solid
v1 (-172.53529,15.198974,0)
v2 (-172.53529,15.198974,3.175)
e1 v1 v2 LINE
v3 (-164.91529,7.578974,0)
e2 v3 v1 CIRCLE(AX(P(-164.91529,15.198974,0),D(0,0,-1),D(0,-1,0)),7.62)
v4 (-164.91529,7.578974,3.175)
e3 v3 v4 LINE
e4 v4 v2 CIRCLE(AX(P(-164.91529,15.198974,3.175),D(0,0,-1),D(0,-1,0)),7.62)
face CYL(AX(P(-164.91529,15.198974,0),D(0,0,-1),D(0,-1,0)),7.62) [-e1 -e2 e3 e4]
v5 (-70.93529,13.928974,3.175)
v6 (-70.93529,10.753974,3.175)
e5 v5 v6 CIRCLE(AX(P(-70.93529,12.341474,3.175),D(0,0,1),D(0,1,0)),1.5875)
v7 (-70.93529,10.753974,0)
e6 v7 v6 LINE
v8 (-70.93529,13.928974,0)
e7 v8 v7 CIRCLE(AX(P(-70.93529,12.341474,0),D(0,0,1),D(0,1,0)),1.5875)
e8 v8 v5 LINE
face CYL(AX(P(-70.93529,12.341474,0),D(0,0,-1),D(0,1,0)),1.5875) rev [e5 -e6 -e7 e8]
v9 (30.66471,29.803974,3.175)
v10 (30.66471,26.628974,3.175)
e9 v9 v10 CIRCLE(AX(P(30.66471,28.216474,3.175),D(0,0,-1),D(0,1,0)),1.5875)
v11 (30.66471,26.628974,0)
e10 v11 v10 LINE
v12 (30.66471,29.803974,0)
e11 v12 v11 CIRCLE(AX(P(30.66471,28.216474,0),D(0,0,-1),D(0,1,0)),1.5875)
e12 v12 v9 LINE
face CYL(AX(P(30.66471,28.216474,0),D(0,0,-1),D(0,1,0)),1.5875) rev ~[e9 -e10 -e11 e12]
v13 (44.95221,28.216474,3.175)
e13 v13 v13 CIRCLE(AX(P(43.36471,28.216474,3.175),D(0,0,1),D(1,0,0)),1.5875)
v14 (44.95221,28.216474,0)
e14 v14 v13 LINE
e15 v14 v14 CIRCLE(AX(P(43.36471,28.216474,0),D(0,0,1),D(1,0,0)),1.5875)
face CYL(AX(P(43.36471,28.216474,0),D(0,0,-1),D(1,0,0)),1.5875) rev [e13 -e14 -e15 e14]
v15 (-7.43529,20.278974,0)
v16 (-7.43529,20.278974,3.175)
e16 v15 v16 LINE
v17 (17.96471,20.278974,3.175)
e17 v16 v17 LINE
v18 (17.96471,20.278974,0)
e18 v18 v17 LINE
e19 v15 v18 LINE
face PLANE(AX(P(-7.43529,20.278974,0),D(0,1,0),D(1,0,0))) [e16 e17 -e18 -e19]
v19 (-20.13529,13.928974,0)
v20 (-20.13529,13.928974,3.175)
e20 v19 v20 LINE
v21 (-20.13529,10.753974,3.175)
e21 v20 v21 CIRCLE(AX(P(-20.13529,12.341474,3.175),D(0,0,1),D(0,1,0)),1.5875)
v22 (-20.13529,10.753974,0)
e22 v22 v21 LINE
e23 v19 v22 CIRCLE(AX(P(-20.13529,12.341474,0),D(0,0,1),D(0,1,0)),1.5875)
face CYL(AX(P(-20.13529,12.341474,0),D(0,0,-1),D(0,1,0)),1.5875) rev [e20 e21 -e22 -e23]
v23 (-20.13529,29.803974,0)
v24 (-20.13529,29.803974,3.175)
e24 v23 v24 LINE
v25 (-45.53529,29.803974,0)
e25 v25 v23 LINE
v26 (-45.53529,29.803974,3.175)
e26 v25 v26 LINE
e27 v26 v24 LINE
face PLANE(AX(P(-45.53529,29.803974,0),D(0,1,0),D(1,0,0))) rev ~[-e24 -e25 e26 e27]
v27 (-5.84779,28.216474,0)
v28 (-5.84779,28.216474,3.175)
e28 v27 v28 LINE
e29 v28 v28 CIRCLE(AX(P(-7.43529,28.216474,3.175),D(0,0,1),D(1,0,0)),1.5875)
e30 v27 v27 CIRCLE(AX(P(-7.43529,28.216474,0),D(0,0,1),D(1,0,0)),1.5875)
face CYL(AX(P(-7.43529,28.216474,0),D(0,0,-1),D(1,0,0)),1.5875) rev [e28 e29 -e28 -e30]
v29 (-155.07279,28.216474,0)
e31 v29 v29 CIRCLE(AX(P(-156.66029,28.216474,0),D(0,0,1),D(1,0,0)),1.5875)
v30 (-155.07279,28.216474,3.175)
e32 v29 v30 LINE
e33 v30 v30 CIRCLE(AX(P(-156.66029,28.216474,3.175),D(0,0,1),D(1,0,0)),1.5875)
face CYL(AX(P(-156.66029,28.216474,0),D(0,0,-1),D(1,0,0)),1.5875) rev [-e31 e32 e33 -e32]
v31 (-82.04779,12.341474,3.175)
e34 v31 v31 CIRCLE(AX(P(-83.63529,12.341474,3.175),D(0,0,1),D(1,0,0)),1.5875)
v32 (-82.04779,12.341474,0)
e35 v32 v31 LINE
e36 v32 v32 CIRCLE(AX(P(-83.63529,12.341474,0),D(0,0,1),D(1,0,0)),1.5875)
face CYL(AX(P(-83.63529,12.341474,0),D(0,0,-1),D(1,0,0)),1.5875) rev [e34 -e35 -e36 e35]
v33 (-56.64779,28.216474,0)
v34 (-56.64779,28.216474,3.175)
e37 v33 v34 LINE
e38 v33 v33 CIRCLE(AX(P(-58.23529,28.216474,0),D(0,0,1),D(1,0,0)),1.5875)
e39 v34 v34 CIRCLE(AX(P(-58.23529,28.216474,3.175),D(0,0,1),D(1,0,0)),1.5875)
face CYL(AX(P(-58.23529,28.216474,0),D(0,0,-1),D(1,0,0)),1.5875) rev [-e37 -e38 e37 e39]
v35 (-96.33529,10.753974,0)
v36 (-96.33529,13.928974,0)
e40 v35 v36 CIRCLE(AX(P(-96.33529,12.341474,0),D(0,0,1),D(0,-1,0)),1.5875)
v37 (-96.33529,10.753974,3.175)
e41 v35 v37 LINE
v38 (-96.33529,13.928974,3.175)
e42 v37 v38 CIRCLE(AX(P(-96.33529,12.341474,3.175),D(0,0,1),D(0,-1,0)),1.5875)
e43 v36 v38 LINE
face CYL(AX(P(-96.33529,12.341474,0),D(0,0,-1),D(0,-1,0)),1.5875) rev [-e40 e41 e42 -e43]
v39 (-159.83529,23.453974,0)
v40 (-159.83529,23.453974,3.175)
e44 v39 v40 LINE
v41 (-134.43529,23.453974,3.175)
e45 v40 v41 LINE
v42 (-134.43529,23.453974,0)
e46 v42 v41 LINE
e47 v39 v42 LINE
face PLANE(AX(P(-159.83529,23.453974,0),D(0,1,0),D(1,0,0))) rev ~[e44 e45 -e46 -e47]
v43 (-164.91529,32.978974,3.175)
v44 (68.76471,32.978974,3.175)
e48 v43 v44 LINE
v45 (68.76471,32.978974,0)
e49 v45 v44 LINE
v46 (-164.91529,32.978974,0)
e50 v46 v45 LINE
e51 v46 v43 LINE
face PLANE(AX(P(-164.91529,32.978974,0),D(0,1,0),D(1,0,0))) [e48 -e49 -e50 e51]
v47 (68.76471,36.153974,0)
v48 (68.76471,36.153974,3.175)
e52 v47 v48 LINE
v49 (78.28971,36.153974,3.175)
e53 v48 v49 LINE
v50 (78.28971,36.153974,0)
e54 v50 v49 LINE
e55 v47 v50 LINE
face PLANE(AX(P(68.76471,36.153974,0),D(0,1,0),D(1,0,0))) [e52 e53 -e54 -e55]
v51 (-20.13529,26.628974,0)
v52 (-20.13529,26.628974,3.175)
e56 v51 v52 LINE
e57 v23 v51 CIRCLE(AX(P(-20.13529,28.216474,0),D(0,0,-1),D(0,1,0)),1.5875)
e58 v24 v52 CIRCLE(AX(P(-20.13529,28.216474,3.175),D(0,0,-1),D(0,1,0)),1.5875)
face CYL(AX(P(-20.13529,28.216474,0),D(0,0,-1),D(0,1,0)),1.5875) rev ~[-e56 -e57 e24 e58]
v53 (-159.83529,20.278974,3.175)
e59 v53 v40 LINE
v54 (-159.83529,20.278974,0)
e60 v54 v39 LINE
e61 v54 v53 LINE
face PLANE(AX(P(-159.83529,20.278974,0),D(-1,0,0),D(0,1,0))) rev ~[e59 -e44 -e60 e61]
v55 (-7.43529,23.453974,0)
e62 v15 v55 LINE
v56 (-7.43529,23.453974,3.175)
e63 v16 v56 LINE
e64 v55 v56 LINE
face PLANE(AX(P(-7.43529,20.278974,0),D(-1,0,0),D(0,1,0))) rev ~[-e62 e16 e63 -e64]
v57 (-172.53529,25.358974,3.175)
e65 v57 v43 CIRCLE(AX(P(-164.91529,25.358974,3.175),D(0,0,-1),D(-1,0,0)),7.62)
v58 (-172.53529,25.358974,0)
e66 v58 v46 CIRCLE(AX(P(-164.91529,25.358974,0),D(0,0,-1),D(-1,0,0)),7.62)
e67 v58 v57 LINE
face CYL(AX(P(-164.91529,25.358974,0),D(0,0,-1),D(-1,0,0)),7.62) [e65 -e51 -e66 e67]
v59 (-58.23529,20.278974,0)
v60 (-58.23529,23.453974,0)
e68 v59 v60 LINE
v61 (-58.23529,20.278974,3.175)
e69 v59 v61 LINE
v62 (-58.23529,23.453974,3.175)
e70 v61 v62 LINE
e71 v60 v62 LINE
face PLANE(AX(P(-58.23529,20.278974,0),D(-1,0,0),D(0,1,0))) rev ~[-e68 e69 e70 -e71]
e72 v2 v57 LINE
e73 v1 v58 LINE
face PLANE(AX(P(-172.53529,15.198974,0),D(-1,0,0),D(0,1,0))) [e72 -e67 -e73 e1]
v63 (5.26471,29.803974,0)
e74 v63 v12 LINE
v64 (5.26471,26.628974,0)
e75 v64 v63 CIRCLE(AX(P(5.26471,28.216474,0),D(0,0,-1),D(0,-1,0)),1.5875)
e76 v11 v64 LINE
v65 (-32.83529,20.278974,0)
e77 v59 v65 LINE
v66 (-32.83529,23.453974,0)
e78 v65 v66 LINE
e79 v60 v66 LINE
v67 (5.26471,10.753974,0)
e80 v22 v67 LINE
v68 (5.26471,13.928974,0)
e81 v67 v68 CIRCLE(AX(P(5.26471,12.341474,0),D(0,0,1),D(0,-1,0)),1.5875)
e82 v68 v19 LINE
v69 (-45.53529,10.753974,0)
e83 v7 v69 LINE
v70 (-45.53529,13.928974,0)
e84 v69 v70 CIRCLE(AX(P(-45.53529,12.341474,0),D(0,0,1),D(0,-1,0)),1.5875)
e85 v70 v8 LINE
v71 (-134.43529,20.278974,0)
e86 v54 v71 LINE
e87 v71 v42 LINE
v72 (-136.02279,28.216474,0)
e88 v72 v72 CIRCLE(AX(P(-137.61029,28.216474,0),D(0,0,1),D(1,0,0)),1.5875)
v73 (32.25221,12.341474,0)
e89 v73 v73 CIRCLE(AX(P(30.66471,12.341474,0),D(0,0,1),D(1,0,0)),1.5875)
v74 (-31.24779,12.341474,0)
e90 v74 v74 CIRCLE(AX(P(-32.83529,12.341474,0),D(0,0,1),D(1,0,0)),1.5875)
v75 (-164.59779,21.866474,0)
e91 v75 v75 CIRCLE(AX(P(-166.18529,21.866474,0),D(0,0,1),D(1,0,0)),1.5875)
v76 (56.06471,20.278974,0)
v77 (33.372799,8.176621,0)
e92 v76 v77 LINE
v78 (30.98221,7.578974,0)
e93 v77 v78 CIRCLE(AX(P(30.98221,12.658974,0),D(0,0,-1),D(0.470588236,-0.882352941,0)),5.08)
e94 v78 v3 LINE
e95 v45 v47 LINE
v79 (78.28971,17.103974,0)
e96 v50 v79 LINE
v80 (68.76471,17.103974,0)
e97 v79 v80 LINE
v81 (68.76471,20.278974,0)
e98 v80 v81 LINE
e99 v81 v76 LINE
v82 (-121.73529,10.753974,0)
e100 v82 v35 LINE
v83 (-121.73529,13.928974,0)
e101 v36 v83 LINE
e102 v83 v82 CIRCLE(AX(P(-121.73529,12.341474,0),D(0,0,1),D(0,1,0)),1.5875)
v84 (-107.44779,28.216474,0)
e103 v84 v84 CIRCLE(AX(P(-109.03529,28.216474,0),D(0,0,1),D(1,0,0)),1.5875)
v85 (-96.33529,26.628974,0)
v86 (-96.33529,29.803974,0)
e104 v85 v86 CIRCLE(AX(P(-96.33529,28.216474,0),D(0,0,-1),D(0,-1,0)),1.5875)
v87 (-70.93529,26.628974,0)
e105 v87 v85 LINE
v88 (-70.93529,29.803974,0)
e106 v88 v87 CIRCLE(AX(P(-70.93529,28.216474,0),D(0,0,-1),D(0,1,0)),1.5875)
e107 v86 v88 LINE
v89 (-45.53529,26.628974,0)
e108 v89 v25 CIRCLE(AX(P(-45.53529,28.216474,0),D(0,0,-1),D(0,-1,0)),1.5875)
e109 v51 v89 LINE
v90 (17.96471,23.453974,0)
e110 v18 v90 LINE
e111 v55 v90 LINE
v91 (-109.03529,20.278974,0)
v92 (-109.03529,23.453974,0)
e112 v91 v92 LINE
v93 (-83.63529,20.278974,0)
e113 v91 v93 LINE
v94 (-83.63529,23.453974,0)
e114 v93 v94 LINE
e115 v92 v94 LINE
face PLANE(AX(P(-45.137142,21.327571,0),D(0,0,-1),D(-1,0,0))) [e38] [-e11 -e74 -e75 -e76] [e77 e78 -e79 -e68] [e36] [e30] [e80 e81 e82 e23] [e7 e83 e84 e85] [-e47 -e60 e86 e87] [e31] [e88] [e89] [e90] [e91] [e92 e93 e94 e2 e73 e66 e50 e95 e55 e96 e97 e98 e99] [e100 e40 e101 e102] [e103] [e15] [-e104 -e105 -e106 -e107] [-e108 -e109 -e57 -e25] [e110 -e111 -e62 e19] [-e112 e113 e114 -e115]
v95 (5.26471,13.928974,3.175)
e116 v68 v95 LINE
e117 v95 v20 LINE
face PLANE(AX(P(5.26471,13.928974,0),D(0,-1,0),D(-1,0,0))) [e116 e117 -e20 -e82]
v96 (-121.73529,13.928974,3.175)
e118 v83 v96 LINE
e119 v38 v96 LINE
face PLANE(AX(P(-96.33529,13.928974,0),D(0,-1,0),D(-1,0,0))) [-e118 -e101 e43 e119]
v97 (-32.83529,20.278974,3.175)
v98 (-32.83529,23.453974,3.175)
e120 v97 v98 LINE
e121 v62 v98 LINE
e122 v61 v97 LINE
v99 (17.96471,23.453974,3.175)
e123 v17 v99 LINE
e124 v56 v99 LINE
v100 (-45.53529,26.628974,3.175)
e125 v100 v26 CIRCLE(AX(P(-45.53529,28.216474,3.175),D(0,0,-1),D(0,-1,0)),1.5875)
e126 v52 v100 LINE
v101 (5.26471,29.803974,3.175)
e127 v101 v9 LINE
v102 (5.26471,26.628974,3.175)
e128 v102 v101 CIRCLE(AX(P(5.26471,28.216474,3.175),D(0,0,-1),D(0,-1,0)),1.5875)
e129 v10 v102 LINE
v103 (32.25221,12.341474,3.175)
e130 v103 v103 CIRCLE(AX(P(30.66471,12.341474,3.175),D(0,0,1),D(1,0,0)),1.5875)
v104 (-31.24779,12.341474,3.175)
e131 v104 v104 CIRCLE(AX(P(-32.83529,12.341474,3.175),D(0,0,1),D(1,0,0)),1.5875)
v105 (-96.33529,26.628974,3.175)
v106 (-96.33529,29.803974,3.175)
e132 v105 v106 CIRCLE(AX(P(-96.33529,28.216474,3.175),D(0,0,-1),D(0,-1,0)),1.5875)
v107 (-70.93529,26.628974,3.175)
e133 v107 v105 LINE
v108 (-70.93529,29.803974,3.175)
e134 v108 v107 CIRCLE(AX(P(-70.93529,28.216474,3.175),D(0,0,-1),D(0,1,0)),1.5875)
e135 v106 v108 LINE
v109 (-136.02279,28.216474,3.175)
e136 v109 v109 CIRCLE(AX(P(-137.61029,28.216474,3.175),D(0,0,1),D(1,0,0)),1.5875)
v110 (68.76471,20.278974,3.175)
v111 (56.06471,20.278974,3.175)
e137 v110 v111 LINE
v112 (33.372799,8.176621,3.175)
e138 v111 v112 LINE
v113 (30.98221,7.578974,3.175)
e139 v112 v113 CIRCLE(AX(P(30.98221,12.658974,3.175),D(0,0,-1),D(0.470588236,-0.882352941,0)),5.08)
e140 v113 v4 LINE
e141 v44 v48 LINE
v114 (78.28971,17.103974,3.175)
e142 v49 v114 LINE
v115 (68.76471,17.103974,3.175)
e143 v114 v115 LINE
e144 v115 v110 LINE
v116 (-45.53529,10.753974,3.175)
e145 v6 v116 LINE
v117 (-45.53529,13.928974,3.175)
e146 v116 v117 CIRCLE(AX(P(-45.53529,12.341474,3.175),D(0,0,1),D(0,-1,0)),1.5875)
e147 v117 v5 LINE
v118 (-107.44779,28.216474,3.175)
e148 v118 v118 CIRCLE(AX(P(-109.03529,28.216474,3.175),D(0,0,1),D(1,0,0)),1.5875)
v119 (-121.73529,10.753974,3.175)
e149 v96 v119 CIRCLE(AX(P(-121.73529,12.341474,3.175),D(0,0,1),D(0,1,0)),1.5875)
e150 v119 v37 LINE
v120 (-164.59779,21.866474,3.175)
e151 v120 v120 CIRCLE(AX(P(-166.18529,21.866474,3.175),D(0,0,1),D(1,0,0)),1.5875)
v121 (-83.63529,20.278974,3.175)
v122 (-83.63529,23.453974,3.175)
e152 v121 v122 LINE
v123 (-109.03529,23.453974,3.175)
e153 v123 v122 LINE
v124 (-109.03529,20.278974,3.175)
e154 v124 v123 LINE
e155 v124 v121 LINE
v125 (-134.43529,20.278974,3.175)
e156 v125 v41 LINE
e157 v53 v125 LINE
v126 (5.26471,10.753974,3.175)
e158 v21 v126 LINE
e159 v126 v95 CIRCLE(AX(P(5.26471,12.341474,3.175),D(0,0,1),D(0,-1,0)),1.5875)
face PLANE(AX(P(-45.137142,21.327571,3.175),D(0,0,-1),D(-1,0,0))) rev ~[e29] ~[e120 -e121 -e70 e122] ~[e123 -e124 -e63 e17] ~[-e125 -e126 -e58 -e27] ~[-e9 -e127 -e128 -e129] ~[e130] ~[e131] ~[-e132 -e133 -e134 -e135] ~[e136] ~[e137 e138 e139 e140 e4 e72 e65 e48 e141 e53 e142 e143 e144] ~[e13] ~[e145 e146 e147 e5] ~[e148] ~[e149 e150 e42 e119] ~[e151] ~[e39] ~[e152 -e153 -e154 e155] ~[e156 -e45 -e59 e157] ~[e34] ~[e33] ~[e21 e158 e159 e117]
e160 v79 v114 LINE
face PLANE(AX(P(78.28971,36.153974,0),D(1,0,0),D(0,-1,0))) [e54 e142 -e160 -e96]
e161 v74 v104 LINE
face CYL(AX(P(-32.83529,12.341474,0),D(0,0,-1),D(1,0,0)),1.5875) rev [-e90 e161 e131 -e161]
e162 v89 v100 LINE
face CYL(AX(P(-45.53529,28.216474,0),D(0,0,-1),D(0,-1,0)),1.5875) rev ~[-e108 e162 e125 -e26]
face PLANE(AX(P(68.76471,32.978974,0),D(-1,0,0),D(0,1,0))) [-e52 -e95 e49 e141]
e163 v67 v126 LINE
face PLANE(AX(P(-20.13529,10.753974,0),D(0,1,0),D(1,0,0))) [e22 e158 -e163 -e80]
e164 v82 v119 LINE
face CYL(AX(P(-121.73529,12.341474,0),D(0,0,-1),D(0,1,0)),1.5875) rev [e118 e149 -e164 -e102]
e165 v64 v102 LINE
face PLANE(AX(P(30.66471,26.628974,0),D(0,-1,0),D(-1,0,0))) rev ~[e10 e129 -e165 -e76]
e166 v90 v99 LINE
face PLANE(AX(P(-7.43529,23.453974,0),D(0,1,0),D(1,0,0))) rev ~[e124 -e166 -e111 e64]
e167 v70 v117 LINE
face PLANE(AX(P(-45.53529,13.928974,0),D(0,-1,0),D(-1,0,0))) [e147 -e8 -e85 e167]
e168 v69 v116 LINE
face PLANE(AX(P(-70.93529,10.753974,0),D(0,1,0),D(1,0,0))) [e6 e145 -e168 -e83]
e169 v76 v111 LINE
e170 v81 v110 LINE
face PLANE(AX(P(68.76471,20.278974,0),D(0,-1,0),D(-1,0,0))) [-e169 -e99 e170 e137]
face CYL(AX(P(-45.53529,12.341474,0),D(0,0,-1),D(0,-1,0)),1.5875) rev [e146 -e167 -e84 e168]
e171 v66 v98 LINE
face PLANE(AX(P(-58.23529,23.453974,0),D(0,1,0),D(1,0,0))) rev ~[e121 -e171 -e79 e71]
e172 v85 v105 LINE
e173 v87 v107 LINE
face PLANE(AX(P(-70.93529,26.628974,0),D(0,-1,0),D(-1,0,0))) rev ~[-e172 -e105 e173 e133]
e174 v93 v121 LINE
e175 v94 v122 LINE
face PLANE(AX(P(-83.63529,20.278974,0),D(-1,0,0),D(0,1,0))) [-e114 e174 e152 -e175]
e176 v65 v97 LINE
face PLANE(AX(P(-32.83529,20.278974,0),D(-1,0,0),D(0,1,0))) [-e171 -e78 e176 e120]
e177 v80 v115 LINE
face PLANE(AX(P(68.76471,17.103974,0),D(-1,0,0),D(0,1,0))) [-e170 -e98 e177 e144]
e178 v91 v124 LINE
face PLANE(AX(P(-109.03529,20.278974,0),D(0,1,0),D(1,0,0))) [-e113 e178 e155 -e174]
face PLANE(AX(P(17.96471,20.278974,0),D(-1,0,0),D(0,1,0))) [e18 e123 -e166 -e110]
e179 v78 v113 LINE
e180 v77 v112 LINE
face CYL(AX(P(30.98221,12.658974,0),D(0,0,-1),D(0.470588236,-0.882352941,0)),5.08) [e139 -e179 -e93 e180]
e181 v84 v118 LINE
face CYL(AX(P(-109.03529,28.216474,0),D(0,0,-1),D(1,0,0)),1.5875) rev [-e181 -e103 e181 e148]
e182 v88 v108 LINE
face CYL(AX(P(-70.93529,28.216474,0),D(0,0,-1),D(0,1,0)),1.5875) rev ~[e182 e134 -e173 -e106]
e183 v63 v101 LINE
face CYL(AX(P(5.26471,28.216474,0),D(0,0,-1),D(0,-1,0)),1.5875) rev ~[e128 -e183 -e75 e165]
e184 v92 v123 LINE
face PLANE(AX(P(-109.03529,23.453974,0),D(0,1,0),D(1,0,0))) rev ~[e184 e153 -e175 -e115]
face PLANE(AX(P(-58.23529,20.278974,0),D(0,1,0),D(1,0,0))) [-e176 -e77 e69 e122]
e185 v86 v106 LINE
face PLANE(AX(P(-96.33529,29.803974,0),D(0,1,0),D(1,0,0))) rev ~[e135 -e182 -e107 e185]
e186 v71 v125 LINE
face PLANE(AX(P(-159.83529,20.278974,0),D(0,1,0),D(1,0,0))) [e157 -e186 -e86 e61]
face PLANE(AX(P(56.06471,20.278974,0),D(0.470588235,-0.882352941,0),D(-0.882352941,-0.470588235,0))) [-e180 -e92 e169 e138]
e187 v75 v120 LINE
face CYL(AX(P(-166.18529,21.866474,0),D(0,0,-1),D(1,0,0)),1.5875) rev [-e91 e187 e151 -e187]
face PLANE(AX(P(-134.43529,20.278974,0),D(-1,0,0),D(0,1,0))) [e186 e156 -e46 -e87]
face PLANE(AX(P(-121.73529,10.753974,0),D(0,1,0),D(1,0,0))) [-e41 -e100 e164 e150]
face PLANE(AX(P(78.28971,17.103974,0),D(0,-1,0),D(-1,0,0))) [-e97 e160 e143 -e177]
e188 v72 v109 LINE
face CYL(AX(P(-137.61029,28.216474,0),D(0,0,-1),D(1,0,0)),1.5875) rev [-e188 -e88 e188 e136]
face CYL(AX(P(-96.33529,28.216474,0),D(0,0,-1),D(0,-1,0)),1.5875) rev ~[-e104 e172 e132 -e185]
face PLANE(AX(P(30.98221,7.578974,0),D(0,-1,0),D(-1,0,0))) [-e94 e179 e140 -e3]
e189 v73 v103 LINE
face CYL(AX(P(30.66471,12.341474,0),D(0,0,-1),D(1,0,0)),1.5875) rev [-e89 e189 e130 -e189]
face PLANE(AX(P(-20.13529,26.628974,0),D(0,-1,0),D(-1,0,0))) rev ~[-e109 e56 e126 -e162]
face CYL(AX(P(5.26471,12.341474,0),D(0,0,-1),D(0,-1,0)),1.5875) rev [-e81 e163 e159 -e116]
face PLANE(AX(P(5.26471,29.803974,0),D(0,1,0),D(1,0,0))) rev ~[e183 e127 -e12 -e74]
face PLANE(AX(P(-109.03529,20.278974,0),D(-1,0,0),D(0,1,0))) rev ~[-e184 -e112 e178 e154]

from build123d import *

# Parameters (mm, degrees)
SKETCH1_R           = 1.5875
SKETCH1_W           = 25.4
SKETCH1_H           = 3.175
BOSS_EXTRUDE1_DEPTH = 3.175


with BuildPart() as part:
    # Sketch1 → Boss-Extrude1 (new body)
    with BuildSketch(Plane.XY):
        with BuildLine():
            Line((68.764710276, 20.278973895), (56.064710276, 20.278973895))
            Line((56.064710276, 20.278973895), (33.372798511, 8.176620954))
            ThreePointArc((33.372798511, 8.176620954), (32.214291251, 7.730649994), (30.982210276, 7.578973895))
            Line((30.982210276, 7.578973895), (-152.215289724, 7.578973895))
            Line((-152.215289724, 7.578973895), (-164.915289724, 7.578973895))
            ThreePointArc((-164.915289724, 7.578973895), (-170.303443397, 9.810820222), (-172.535289724, 15.198973895))
            Line((-172.535289724, 15.198973895), (-172.535289724, 23.453973895))
            Line((-172.535289724, 23.453973895), (-172.535289724, 25.358973895))
            ThreePointArc((-172.535289724, 25.358973895), (-170.303443397, 30.747127568), (-164.915289724, 32.978973895))
            Line((-164.915289724, 32.978973895), (-152.215289724, 32.978973895))
            Line((-152.215289724, 32.978973895), (68.764710276, 32.978973895))
            Line((68.764710276, 32.978973895), (68.764710276, 36.153973895))
            Line((68.764710276, 36.153973895), (78.289710276, 36.153973895))
            Line((78.289710276, 36.153973895), (78.289710276, 17.103973895))
            Line((78.289710276, 17.103973895), (68.764710276, 17.103973895))
            Line((68.764710276, 17.103973895), (68.764710276, 20.278973895))
        make_face()
        with Locations((30.664710276, 12.341473895)):
            Circle(SKETCH1_R, mode=Mode.SUBTRACT)
        with Locations((-109.035289724, 28.216473895)):
            Circle(SKETCH1_R, mode=Mode.SUBTRACT)
        with Locations((-166.185289724, 21.866473895)):
            Circle(SKETCH1_R, mode=Mode.SUBTRACT)
        with Locations((-156.660289724, 28.216473895)):
            Circle(SKETCH1_R, mode=Mode.SUBTRACT)
        with Locations((-137.610289724, 28.216473895)):
            Circle(SKETCH1_R, mode=Mode.SUBTRACT)
        with Locations((-83.635289724, 12.341473895)):
            Circle(SKETCH1_R, mode=Mode.SUBTRACT)
        with Locations((-32.835289724, 12.341473895)):
            Circle(SKETCH1_R, mode=Mode.SUBTRACT)
        with Locations((-58.235289724, 28.216473895)):
            Circle(SKETCH1_R, mode=Mode.SUBTRACT)
        with Locations((-7.435289724, 28.216473895)):
            Circle(SKETCH1_R, mode=Mode.SUBTRACT)
        with Locations((43.364710276, 28.216473895)):
            Circle(SKETCH1_R, mode=Mode.SUBTRACT)
        with Locations((-147.135289724, 21.866473895)):
            Rectangle(SKETCH1_W, SKETCH1_H, mode=Mode.SUBTRACT)
        with Locations((-96.335289724, 21.866473895)):
            Rectangle(SKETCH1_W, SKETCH1_H, mode=Mode.SUBTRACT)
        with Locations((-45.535289724, 21.866473895)):
            Rectangle(SKETCH1_W, SKETCH1_H, mode=Mode.SUBTRACT)
        with Locations((5.264710276, 21.866473895)):
            Rectangle(SKETCH1_W, SKETCH1_H, mode=Mode.SUBTRACT)
        with BuildLine():
            Line((5.264710276, 29.803973895), (30.664710276, 29.803973895))
            ThreePointArc((30.664710276, 29.803973895), (32.252210276, 28.216473895), (30.664710276, 26.628973895))
            Line((30.664710276, 26.628973895), (5.264710276, 26.628973895))
            ThreePointArc((5.264710276, 26.628973895), (3.677210276, 28.216473895), (5.264710276, 29.803973895))
        make_face(mode=Mode.SUBTRACT)
        with BuildLine():
            Line((-45.535289724, 13.928973895), (-70.935289724, 13.928973895))
            ThreePointArc((-70.935289724, 13.928973895), (-72.522789724, 12.341473895), (-70.935289724, 10.753973895))
            Line((-70.935289724, 10.753973895), (-45.535289724, 10.753973895))
            ThreePointArc((-45.535289724, 10.753973895), (-43.947789724, 12.341473895), (-45.535289724, 13.928973895))
        make_face(mode=Mode.SUBTRACT)
        with BuildLine():
            Line((-96.335289724, 13.928973895), (-121.735289724, 13.928973895))
            ThreePointArc((-121.735289724, 13.928973895), (-123.322789724, 12.341473895), (-121.735289724, 10.753973895))
            Line((-121.735289724, 10.753973895), (-96.335289724, 10.753973895))
            ThreePointArc((-96.335289724, 10.753973895), (-94.747789724, 12.341473895), (-96.335289724, 13.928973895))
        make_face(mode=Mode.SUBTRACT)
        with BuildLine():
            Line((5.264710276, 13.928973895), (-20.135289724, 13.928973895))
            ThreePointArc((-20.135289724, 13.928973895), (-21.722789724, 12.341473895), (-20.135289724, 10.753973895))
            Line((-20.135289724, 10.753973895), (5.264710276, 10.753973895))
            ThreePointArc((5.264710276, 10.753973895), (6.852210276, 12.341473895), (5.264710276, 13.928973895))
        make_face(mode=Mode.SUBTRACT)
        with BuildLine():
            Line((-45.535289724, 29.803973895), (-20.135289724, 29.803973895))
            ThreePointArc((-20.135289724, 29.803973895), (-18.547789724, 28.216473895), (-20.135289724, 26.628973895))
            Line((-20.135289724, 26.628973895), (-45.535289724, 26.628973895))
            ThreePointArc((-45.535289724, 26.628973895), (-47.122789724, 28.216473895), (-45.535289724, 29.803973895))
        make_face(mode=Mode.SUBTRACT)
        with BuildLine():
            Line((-96.335289724, 29.803973895), (-70.935289724, 29.803973895))
            ThreePointArc((-70.935289724, 29.803973895), (-69.347789724, 28.216473895), (-70.935289724, 26.628973895))
            Line((-70.935289724, 26.628973895), (-96.335289724, 26.628973895))
            ThreePointArc((-96.335289724, 26.628973895), (-97.922789724, 28.216473895), (-96.335289724, 29.803973895))
        make_face(mode=Mode.SUBTRACT)
    extrude(amount=BOSS_EXTRUDE1_DEPTH)


solid = part.part
